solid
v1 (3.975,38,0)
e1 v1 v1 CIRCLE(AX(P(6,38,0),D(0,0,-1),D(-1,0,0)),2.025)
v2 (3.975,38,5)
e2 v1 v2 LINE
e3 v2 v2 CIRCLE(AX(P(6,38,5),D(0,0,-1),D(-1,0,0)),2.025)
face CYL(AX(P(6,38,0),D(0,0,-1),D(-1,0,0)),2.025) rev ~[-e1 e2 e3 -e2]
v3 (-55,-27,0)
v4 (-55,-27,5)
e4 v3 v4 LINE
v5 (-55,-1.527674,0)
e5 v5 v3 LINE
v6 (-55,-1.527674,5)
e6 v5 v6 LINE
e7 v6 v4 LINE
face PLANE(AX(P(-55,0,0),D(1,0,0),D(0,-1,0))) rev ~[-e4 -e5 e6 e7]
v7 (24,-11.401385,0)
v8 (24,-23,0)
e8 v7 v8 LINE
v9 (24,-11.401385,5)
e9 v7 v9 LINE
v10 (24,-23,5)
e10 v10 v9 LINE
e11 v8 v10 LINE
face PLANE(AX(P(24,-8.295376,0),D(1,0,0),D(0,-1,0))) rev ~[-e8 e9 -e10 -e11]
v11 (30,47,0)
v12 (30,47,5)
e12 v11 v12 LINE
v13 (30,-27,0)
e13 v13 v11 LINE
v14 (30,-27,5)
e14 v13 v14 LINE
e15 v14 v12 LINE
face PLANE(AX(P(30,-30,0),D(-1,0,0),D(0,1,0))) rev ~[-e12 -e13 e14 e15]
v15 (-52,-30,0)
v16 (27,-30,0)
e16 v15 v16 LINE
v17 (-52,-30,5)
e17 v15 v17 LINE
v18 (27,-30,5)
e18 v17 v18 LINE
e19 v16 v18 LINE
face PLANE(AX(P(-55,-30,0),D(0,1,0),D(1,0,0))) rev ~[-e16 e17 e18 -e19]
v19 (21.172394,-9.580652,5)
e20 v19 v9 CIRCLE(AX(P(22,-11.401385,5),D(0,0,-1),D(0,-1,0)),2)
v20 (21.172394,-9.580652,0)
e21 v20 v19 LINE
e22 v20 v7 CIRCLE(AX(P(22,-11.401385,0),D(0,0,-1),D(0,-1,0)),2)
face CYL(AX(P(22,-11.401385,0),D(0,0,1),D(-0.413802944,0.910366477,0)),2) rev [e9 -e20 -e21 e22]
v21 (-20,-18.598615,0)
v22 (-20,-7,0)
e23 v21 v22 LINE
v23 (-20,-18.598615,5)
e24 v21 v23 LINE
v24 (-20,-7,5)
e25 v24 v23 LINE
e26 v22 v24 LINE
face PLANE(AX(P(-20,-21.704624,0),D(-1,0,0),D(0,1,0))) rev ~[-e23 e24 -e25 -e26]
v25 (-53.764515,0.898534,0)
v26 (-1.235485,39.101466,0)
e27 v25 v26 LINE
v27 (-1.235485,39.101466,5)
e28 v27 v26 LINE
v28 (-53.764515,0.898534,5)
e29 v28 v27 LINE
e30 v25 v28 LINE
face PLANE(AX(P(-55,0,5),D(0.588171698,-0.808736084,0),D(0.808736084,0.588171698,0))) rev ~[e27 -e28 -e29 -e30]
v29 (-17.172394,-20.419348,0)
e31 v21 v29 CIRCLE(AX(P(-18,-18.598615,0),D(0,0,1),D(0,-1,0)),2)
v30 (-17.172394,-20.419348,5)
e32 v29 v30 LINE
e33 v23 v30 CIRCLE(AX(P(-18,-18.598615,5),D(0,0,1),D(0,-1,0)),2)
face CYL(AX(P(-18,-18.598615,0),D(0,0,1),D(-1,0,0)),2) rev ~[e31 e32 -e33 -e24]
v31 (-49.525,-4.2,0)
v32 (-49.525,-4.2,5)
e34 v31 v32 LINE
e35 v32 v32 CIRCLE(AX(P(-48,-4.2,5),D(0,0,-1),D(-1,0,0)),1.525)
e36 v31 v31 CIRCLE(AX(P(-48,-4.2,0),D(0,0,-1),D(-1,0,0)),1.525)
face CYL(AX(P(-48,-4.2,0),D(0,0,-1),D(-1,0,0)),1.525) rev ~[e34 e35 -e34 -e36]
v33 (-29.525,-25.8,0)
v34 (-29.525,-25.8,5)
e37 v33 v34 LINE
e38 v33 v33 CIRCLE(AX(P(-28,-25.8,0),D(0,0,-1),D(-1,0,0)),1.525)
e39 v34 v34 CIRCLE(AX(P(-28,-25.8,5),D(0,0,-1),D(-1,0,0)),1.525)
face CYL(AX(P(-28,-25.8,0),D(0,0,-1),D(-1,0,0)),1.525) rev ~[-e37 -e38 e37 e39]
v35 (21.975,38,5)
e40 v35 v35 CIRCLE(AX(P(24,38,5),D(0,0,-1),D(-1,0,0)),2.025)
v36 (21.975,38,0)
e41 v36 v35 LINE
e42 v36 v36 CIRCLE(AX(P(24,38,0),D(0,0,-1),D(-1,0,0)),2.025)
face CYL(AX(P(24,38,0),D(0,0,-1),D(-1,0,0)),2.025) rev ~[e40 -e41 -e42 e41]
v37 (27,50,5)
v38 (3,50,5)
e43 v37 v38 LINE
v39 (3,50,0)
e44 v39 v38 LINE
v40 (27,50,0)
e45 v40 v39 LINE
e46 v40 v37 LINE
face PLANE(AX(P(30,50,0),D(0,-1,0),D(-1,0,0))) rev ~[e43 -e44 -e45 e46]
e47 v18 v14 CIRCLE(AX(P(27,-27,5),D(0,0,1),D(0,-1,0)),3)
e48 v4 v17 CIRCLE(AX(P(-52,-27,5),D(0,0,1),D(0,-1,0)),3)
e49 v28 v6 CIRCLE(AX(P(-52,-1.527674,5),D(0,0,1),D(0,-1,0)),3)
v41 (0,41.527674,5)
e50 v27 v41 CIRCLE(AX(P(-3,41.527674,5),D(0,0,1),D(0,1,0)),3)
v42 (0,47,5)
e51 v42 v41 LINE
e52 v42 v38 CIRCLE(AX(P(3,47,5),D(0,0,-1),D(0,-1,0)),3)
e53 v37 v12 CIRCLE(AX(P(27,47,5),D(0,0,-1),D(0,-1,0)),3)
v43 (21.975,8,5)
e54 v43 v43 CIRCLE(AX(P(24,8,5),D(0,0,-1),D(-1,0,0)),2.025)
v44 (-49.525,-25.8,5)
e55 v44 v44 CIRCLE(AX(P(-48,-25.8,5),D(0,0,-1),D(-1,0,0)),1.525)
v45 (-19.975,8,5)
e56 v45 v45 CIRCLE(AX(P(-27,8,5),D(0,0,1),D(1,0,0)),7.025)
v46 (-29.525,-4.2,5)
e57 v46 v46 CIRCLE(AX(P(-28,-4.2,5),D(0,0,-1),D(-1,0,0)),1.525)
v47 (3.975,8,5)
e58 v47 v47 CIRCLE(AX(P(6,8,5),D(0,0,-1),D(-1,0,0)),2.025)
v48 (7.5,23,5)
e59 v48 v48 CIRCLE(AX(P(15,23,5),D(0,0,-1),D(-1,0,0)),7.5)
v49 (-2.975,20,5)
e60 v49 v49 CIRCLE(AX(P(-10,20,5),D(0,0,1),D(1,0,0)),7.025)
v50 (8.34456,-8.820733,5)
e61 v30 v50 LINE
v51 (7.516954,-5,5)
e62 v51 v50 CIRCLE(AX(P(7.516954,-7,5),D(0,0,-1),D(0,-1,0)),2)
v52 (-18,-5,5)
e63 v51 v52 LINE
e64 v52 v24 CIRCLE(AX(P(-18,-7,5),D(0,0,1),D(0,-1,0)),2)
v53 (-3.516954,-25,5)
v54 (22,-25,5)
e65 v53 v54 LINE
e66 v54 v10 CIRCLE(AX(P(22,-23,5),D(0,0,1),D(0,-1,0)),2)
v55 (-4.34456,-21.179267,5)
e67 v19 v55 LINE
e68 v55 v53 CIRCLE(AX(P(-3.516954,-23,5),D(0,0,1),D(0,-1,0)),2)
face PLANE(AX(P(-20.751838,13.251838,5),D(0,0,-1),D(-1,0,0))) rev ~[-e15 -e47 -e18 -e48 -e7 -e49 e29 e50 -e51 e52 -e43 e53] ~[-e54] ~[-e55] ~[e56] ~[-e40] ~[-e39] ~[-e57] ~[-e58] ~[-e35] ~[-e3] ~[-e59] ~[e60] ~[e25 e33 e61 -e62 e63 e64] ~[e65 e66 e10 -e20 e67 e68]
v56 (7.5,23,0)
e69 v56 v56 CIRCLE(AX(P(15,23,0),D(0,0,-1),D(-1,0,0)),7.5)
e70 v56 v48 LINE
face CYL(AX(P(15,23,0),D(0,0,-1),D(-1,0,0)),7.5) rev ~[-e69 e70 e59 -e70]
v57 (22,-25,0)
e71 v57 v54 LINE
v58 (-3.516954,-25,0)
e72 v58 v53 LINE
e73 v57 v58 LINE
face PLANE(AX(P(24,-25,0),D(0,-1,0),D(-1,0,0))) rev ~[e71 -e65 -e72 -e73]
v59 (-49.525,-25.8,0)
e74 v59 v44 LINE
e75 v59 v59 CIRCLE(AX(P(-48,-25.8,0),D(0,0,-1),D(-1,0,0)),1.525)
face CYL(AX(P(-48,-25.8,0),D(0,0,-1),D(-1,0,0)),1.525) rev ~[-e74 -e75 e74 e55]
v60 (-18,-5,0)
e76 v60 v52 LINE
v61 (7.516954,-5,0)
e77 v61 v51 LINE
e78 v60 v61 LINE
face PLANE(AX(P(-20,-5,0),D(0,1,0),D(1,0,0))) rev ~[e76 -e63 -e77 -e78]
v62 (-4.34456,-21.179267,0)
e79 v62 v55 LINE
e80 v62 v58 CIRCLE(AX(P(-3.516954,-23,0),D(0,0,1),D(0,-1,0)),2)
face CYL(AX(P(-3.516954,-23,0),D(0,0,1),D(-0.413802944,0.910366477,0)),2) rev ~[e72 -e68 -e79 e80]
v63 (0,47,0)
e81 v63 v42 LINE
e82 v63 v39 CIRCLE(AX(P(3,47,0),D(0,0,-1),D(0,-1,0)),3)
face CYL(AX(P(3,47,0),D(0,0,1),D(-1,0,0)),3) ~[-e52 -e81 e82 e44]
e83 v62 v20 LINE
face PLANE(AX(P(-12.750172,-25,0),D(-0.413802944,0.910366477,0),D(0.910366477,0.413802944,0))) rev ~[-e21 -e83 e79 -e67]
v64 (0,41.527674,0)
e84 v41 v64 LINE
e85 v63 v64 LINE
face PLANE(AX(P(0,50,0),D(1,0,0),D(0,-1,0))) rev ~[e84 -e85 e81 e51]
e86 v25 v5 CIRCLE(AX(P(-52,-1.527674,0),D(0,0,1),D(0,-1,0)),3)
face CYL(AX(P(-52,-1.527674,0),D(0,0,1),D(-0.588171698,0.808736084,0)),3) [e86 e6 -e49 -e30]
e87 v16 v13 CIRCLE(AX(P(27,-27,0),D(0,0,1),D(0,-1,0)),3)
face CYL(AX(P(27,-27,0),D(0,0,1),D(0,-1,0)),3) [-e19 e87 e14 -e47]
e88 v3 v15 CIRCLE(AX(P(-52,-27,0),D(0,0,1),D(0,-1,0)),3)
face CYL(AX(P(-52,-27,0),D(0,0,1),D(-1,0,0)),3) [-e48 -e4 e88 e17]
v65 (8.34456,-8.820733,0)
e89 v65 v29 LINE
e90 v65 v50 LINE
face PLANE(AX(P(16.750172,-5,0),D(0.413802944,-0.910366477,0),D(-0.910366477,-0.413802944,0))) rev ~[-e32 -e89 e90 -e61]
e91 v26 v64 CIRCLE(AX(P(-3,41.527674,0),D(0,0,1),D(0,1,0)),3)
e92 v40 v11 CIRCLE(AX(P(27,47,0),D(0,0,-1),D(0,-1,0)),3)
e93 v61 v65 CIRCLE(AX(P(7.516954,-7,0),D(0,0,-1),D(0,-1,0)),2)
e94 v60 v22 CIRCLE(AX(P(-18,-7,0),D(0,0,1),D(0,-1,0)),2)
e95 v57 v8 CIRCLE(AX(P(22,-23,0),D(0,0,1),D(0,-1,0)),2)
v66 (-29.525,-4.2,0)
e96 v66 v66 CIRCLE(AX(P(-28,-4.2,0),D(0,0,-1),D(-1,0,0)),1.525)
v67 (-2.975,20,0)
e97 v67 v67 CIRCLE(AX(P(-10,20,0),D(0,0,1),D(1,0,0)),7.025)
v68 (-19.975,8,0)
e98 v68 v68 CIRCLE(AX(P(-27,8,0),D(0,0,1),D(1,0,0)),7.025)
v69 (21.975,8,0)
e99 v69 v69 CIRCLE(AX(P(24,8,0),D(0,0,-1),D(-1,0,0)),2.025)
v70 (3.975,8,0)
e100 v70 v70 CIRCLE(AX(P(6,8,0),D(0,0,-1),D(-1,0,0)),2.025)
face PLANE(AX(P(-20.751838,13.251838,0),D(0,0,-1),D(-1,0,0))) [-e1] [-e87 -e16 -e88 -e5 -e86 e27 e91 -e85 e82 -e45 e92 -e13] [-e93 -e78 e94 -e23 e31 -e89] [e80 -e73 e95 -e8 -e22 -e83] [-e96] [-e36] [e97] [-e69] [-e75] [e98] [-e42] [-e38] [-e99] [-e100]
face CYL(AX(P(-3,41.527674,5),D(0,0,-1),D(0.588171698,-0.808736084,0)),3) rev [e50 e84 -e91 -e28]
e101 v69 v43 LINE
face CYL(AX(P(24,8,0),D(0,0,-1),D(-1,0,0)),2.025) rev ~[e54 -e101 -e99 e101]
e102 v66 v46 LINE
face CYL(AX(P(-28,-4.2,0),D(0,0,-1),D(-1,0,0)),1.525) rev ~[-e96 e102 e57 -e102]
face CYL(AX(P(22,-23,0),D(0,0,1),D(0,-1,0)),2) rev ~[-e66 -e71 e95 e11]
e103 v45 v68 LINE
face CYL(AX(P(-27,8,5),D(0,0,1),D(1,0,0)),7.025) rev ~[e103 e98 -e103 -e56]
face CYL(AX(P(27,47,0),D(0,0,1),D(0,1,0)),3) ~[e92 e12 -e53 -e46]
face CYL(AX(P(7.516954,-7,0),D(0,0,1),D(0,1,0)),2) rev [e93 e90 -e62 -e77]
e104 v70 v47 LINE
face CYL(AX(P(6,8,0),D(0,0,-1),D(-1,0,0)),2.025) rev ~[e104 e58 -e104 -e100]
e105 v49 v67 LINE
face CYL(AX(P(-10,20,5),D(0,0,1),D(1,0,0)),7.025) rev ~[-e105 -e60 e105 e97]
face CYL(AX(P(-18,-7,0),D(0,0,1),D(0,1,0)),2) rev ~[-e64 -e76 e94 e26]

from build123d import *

# Parameters (mm, degrees)
EXTRUDE_1_DEPTH          = 5
EXTRUDE_2_DEPTH          = 5
CUT_EXTRUDE_1_DEPTH      = 5
CUT_EXTRUDE_2_REACH      = 7
SKETCH_5_R               = 1.524999999
SKETCH_6_R               = 2.025
CUT_EXTRUDE_3_DEPTH      = 1
CUT_EXTRUDE_3_DEPTH_BACK = 6
CUT_EXTRUDE_4_DEPTH      = 6
FILLET_4_R               = 2
SKETCH_8_R               = 7.5
CUT_EXTRUDE_5_DEPTH      = 5
EXTRUDE_3_DEPTH          = 5
SKETCH_10_R              = 7.025
CUT_EXTRUDE_6_DEPTH      = 5
FILLET_5_R               = 3


with BuildPart() as part:
    # 草图1 → 凸台-拉伸1 (new body)
    with BuildSketch(Plane.XY):
        Polygon((0, 0), (-55, 0), (-55, -30), (30, -30), (30, 50), (0, 50), align=None)
    extrude(amount=EXTRUDE_1_DEPTH)

    # 草图2 → 凸台-拉伸2 (add)
    with BuildSketch(Plane.XY.offset(5)):
        Polygon((0, 40), (-45, 0), (0, 0), align=None)
    extrude(amount=-EXTRUDE_2_DEPTH)

    # 草图4 → 切除-拉伸1 (cut)
    with BuildSketch(Plane.XY.offset(5)):
        Polygon((0, 33.310225234), (0, 0), (-37.474003388, 0), align=None)
    extrude(amount=-CUT_EXTRUDE_1_DEPTH, mode=Mode.SUBTRACT)

    # 草图5 → 切除-拉伸2 (cut, up to next)
    with BuildSketch(Plane(origin=(0, 0, 0), x_dir=(-1, 0, 0), z_dir=(0, 0, -1)), mode=Mode.PRIVATE) as cut_extrude_2_sk1:
        with Locations((48, -4.2)):
            Circle(SKETCH_5_R)
    cut_extrude_2_tool1 = extrude(cut_extrude_2_sk1.sketch, amount=-CUT_EXTRUDE_2_REACH, mode=Mode.PRIVATE) & part.part
    add(cut_extrude_2_tool1.solids().sort_by_distance((-48, -4.2, 0))[0], mode=Mode.SUBTRACT)
    # 草图5 → 切除-拉伸2 (cut, up to next)
    with BuildSketch(Plane(origin=(0, 0, 0), x_dir=(-1, 0, 0), z_dir=(0, 0, -1)), mode=Mode.PRIVATE) as cut_extrude_2_sk2:
        with Locations((48, -25.8)):
            Circle(SKETCH_5_R)
    cut_extrude_2_tool2 = extrude(cut_extrude_2_sk2.sketch, amount=-CUT_EXTRUDE_2_REACH, mode=Mode.PRIVATE) & part.part
    add(cut_extrude_2_tool2.solids().sort_by_distance((-48, -25.8, 0))[0], mode=Mode.SUBTRACT)
    # 草图5 → 切除-拉伸2 (cut, up to next)
    with BuildSketch(Plane(origin=(0, 0, 0), x_dir=(-1, 0, 0), z_dir=(0, 0, -1)), mode=Mode.PRIVATE) as cut_extrude_2_sk3:
        with Locations((28, -4.2)):
            Circle(SKETCH_5_R)
    cut_extrude_2_tool3 = extrude(cut_extrude_2_sk3.sketch, amount=-CUT_EXTRUDE_2_REACH, mode=Mode.PRIVATE) & part.part
    add(cut_extrude_2_tool3.solids().sort_by_distance((-28, -4.2, 0))[0], mode=Mode.SUBTRACT)
    # 草图5 → 切除-拉伸2 (cut, up to next)
    with BuildSketch(Plane(origin=(0, 0, 0), x_dir=(-1, 0, 0), z_dir=(0, 0, -1)), mode=Mode.PRIVATE) as cut_extrude_2_sk4:
        with Locations((28, -25.8)):
            Circle(SKETCH_5_R)
    cut_extrude_2_tool4 = extrude(cut_extrude_2_sk4.sketch, amount=-CUT_EXTRUDE_2_REACH, mode=Mode.PRIVATE) & part.part
    add(cut_extrude_2_tool4.solids().sort_by_distance((-28, -25.8, 0))[0], mode=Mode.SUBTRACT)

    # 草图6 → 切除-拉伸3 (cut, two sides)
    with BuildSketch(Plane(origin=(0, 0, 0), x_dir=(-1, 0, 0), z_dir=(0, 0, -1))) as cut_extrude_3_sk:
        with Locations((-6, 38)):
            Circle(SKETCH_6_R)
        with Locations((-24, 38)):
            Circle(SKETCH_6_R)
        with Locations((-24, 8)):
            Circle(SKETCH_6_R)
        with Locations((-6, 8)):
            Circle(SKETCH_6_R)
    extrude(amount=CUT_EXTRUDE_3_DEPTH, mode=Mode.SUBTRACT)
    extrude(cut_extrude_3_sk.sketch, amount=-CUT_EXTRUDE_3_DEPTH_BACK, mode=Mode.SUBTRACT)

    # 草图7 → 切除-拉伸4 (cut, through all)
    with BuildSketch(Plane(origin=(0, 0, 0), x_dir=(-1, 0, 0), z_dir=(0, 0, -1))):
        Polygon((12.750172416, -25), (-24, -8.295376175), (-24, -25), align=None)
        Polygon((20, -5), (-16.750172416, -5), (20, -21.704623825), align=None)
    extrude(amount=-CUT_EXTRUDE_4_DEPTH, mode=Mode.SUBTRACT)

    # 圆角4
    fillet_4_edges = [part.edges().sort_by_distance(p)[0] for p in [
        (16.750172416, -5, 2.5),
        (-20, -5, 2.5),
        (-20, -21.704623825, 2.5),
        (24, -8.295376175, 2.5),
        (-12.750172416, -25, 2.5),
        (24, -25, 2.5),
    ]]
    fillet(fillet_4_edges, radius=FILLET_4_R)

    # 草图8 → 切除-拉伸5 (cut)
    with BuildSketch(Plane(origin=(0, 0, 0), x_dir=(-1, 0, 0), z_dir=(0, 0, -1))):
        with Locations((-15, 23)):
            Circle(SKETCH_8_R)
    extrude(amount=-CUT_EXTRUDE_5_DEPTH, mode=Mode.SUBTRACT)

    # 草图9 → 凸台-拉伸3 (add)
    with BuildSketch(Plane.XY.offset(5)):
        Polygon((-55, 0), (0, 40), (0, 0), align=None)
    extrude(amount=-EXTRUDE_3_DEPTH)

    # 草图10 → 切除-拉伸6 (cut)
    with BuildSketch(Plane.XY.offset(5)):
        with Locations((-27, 8)):
            Circle(SKETCH_10_R)
        with Locations((-10, 20)):
            Circle(SKETCH_10_R)
    extrude(amount=-CUT_EXTRUDE_6_DEPTH, mode=Mode.SUBTRACT)

    # 圆角5
    fillet_5_edges = [part.edges().sort_by_distance(p)[0] for p in [
        (0, 50, 2.5),
        (30, 50, 2.5),
        (30, -30, 2.5),
        (-55, -30, 2.5),
        (-55, 0, 2.5),
        (0, 40, 2.5),
    ]]
    fillet(fillet_5_edges, radius=FILLET_5_R)


solid = part.part
